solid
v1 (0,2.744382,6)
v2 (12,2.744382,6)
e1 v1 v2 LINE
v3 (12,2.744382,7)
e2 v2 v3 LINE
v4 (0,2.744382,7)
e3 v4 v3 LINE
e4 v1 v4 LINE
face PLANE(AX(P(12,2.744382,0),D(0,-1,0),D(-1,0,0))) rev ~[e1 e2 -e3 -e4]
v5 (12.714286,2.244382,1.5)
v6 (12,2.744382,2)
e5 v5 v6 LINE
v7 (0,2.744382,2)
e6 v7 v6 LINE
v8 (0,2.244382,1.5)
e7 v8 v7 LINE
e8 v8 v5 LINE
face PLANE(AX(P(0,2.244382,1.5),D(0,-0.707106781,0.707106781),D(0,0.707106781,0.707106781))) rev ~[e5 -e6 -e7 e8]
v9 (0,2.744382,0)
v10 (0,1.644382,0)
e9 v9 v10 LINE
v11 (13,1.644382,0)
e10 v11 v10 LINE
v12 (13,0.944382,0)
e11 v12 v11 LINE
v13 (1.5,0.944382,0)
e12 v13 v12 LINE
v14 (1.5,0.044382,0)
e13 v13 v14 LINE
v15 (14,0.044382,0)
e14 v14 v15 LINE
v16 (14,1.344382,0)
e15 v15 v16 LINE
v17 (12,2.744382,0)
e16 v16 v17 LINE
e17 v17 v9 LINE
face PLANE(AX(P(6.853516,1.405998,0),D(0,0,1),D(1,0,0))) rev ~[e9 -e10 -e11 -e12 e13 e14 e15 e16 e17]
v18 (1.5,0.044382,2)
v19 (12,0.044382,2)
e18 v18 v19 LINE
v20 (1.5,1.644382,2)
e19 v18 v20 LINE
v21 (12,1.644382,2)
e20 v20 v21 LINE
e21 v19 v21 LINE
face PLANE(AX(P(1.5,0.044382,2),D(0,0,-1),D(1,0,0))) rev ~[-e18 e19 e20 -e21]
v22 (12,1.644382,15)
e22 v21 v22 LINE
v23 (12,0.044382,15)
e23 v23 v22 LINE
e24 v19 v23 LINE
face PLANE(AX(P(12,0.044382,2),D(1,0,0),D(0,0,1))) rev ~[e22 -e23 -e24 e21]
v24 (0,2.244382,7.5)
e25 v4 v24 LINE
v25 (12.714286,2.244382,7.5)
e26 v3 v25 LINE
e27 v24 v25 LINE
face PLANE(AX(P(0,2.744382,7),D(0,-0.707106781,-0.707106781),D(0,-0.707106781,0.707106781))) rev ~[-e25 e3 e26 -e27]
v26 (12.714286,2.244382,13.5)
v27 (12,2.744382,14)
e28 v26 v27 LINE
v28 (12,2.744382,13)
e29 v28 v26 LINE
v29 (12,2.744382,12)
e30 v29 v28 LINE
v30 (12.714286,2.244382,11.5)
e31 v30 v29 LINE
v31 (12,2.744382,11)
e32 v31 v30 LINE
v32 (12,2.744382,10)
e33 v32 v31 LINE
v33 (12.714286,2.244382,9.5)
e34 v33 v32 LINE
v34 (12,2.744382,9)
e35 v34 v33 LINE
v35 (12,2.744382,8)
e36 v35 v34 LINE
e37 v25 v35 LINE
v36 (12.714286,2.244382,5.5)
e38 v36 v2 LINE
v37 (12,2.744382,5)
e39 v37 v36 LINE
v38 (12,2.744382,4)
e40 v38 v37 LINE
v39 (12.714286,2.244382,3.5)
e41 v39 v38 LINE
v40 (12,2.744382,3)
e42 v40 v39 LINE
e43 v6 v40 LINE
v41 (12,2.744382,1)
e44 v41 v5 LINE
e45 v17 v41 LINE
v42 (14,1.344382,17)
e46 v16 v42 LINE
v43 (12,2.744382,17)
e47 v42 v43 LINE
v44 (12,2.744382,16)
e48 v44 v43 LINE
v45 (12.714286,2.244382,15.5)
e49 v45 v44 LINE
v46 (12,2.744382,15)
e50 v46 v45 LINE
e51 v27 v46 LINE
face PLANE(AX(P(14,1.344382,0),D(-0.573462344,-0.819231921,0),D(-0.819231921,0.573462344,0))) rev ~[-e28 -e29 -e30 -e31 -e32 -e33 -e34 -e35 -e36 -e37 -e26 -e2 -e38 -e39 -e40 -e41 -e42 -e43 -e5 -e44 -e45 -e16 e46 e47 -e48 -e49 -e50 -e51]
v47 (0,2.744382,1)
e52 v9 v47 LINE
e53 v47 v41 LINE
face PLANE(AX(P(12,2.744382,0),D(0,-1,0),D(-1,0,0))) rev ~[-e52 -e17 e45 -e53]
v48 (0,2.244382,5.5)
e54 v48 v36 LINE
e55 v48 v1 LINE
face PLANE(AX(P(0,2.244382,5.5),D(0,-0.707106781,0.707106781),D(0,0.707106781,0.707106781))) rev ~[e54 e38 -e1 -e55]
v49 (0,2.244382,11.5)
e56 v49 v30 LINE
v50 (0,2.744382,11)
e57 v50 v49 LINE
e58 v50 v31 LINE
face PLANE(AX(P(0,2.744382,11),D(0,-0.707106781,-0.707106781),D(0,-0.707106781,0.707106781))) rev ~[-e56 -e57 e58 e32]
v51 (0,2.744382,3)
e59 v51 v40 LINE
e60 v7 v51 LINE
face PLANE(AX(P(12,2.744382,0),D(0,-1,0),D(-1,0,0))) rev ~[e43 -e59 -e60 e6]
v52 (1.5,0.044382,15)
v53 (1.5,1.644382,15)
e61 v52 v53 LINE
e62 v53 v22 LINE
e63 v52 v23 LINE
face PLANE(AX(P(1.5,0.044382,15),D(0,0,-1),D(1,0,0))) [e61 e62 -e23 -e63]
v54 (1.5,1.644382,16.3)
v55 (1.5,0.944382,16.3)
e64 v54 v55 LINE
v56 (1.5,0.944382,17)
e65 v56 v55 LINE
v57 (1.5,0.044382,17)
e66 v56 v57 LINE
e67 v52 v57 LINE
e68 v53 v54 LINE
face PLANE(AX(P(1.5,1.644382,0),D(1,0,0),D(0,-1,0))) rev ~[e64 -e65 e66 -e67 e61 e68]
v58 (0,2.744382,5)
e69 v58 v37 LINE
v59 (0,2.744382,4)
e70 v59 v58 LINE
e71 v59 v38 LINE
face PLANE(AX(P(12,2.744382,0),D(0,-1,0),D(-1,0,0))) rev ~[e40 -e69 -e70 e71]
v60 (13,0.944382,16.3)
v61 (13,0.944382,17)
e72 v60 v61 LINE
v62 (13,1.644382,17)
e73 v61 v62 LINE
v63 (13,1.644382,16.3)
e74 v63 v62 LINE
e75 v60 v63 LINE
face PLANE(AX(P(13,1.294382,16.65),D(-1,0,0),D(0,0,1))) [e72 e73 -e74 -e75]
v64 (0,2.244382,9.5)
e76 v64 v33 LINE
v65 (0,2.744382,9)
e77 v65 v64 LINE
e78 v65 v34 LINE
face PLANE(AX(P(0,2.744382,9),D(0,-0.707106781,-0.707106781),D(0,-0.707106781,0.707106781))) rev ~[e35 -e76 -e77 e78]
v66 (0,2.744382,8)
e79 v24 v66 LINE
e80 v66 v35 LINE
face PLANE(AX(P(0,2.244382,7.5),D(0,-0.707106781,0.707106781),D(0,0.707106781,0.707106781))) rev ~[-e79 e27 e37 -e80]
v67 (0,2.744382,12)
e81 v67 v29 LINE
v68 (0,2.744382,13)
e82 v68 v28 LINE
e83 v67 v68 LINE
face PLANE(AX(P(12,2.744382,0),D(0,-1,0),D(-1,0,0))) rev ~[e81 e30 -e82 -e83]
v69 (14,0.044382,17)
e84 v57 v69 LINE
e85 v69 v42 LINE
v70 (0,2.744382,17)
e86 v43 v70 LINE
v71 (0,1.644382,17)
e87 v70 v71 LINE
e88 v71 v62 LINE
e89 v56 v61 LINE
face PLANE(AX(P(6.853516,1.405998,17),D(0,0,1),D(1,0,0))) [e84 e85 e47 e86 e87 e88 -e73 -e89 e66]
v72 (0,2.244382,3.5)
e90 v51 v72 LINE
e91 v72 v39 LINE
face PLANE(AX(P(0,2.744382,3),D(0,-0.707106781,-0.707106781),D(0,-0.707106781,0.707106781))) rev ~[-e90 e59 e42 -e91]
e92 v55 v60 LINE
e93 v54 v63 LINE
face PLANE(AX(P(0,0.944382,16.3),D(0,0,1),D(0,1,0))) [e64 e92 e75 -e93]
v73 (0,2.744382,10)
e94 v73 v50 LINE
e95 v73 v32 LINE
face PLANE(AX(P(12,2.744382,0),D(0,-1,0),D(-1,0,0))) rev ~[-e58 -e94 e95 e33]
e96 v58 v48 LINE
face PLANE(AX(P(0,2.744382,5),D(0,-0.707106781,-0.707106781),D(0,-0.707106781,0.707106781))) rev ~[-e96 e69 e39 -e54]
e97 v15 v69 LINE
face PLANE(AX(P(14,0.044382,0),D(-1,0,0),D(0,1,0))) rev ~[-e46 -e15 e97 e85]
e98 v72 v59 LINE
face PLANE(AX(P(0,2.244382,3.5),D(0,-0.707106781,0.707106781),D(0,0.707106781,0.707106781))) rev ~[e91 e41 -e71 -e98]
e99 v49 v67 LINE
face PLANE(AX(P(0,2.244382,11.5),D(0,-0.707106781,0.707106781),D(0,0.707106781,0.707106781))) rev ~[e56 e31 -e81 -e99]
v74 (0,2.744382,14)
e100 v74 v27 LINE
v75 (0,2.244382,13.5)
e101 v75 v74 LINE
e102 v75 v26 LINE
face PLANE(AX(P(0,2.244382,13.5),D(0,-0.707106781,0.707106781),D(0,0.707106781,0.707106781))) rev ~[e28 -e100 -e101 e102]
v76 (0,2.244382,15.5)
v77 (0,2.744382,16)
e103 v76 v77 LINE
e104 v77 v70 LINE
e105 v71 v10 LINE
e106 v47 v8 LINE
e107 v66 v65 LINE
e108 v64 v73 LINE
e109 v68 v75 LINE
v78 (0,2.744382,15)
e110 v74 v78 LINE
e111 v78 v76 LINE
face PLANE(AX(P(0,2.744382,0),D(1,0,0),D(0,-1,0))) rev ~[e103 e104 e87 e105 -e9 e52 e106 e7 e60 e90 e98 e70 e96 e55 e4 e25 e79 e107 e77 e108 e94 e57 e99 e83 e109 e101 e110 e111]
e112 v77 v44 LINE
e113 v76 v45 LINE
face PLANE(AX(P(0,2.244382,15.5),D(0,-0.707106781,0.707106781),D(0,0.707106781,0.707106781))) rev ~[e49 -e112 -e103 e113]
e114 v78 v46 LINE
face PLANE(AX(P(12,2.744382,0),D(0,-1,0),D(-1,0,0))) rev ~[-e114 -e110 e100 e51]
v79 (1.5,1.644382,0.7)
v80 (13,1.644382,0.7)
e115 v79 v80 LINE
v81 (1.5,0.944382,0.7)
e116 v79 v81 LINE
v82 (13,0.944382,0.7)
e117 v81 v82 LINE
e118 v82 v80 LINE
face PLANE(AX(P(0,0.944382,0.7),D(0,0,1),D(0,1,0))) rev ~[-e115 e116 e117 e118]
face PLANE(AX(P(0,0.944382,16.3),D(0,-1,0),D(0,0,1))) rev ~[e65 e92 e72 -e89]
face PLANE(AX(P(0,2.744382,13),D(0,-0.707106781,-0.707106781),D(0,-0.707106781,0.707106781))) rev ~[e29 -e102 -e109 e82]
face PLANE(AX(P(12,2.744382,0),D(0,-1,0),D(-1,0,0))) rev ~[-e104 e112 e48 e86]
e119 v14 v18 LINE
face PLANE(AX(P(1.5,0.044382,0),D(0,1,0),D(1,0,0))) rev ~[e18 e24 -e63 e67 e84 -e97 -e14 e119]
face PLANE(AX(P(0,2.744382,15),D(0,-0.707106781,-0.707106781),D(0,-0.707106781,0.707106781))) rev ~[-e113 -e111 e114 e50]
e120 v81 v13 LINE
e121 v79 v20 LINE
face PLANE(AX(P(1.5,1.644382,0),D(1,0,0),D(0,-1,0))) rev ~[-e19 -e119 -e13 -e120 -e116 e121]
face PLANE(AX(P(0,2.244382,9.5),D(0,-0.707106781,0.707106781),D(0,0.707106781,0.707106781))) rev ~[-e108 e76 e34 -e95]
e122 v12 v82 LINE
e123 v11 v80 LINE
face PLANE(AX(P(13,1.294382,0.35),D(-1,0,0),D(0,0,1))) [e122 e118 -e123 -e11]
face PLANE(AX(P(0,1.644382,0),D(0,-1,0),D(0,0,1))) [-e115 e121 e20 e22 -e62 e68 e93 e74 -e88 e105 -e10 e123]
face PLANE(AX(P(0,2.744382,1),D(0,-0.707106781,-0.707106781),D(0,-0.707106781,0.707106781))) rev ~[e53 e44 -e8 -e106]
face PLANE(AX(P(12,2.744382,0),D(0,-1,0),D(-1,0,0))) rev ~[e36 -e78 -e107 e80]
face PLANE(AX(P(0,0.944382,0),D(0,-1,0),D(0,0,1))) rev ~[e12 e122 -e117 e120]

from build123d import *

# Parameters (mm, degrees)
EXTRUDE_1_DEPTH     = 17
SKETCH_4_W          = 10.5
SKETCH_4_H          = 13
CUT_EXTRUDE_1_DEPTH = 1.6
SKETCH_5_W          = 0.7
SKETCH_5_H          = 0.7
CUT_EXTRUDE_2_DEPTH = 13


with BuildPart() as part:
    # 草图1 → 凸台-拉伸1 (new body)
    with BuildSketch(Plane.XY):
        Polygon((1.5, 0.044381888), (14, 0.044381888), (14, 1.344381888), (12, 2.744381888), (0, 2.744381888), (0, 1.644381888), (1.5, 1.644381888), align=None)
    extrude(amount=EXTRUDE_1_DEPTH)

    # 草图4 → 切除-拉伸1 (cut)
    with BuildSketch(Plane.XZ.offset(-0.044381888)):
        with Locations((6.75, 8.5)):
            Rectangle(SKETCH_4_W, SKETCH_4_H)
    extrude(amount=-CUT_EXTRUDE_1_DEPTH, mode=Mode.SUBTRACT)

    # 草图5 → 切除-拉伸2 (cut)
    with BuildSketch(Plane.ZY):
        with Locations((0.35, 1.294381888)):
            Rectangle(SKETCH_5_W, SKETCH_5_H)
        Polygon((0, 2.744381888), (1, 2.744381888), (1.5, 2.244381888), (2, 2.744381888), (3, 2.744381888), (3.5, 2.244381888), (4, 2.744381888), (5, 2.744381888), (5.5, 2.244381888), (6, 2.744381888), (7, 2.744381888), (7.5, 2.244381888), (8, 2.744381888), (9, 2.744381888), (9.5, 2.244381888), (10, 2.744381888), (11, 2.744381888), (11.5, 2.244381888), (12, 2.744381888), (13, 2.744381888), (13.5, 2.244381888), (14, 2.744381888), (15, 2.744381888), (15.5, 2.244381888), (16, 2.744381888), (17, 2.744381888), (17, 3.744381888), (0, 3.744381888), align=None)
        with Locations((16.65, 1.294381888)):
            Rectangle(SKETCH_5_W, SKETCH_5_H)
    extrude(amount=-CUT_EXTRUDE_2_DEPTH, mode=Mode.SUBTRACT)


solid = part.part
